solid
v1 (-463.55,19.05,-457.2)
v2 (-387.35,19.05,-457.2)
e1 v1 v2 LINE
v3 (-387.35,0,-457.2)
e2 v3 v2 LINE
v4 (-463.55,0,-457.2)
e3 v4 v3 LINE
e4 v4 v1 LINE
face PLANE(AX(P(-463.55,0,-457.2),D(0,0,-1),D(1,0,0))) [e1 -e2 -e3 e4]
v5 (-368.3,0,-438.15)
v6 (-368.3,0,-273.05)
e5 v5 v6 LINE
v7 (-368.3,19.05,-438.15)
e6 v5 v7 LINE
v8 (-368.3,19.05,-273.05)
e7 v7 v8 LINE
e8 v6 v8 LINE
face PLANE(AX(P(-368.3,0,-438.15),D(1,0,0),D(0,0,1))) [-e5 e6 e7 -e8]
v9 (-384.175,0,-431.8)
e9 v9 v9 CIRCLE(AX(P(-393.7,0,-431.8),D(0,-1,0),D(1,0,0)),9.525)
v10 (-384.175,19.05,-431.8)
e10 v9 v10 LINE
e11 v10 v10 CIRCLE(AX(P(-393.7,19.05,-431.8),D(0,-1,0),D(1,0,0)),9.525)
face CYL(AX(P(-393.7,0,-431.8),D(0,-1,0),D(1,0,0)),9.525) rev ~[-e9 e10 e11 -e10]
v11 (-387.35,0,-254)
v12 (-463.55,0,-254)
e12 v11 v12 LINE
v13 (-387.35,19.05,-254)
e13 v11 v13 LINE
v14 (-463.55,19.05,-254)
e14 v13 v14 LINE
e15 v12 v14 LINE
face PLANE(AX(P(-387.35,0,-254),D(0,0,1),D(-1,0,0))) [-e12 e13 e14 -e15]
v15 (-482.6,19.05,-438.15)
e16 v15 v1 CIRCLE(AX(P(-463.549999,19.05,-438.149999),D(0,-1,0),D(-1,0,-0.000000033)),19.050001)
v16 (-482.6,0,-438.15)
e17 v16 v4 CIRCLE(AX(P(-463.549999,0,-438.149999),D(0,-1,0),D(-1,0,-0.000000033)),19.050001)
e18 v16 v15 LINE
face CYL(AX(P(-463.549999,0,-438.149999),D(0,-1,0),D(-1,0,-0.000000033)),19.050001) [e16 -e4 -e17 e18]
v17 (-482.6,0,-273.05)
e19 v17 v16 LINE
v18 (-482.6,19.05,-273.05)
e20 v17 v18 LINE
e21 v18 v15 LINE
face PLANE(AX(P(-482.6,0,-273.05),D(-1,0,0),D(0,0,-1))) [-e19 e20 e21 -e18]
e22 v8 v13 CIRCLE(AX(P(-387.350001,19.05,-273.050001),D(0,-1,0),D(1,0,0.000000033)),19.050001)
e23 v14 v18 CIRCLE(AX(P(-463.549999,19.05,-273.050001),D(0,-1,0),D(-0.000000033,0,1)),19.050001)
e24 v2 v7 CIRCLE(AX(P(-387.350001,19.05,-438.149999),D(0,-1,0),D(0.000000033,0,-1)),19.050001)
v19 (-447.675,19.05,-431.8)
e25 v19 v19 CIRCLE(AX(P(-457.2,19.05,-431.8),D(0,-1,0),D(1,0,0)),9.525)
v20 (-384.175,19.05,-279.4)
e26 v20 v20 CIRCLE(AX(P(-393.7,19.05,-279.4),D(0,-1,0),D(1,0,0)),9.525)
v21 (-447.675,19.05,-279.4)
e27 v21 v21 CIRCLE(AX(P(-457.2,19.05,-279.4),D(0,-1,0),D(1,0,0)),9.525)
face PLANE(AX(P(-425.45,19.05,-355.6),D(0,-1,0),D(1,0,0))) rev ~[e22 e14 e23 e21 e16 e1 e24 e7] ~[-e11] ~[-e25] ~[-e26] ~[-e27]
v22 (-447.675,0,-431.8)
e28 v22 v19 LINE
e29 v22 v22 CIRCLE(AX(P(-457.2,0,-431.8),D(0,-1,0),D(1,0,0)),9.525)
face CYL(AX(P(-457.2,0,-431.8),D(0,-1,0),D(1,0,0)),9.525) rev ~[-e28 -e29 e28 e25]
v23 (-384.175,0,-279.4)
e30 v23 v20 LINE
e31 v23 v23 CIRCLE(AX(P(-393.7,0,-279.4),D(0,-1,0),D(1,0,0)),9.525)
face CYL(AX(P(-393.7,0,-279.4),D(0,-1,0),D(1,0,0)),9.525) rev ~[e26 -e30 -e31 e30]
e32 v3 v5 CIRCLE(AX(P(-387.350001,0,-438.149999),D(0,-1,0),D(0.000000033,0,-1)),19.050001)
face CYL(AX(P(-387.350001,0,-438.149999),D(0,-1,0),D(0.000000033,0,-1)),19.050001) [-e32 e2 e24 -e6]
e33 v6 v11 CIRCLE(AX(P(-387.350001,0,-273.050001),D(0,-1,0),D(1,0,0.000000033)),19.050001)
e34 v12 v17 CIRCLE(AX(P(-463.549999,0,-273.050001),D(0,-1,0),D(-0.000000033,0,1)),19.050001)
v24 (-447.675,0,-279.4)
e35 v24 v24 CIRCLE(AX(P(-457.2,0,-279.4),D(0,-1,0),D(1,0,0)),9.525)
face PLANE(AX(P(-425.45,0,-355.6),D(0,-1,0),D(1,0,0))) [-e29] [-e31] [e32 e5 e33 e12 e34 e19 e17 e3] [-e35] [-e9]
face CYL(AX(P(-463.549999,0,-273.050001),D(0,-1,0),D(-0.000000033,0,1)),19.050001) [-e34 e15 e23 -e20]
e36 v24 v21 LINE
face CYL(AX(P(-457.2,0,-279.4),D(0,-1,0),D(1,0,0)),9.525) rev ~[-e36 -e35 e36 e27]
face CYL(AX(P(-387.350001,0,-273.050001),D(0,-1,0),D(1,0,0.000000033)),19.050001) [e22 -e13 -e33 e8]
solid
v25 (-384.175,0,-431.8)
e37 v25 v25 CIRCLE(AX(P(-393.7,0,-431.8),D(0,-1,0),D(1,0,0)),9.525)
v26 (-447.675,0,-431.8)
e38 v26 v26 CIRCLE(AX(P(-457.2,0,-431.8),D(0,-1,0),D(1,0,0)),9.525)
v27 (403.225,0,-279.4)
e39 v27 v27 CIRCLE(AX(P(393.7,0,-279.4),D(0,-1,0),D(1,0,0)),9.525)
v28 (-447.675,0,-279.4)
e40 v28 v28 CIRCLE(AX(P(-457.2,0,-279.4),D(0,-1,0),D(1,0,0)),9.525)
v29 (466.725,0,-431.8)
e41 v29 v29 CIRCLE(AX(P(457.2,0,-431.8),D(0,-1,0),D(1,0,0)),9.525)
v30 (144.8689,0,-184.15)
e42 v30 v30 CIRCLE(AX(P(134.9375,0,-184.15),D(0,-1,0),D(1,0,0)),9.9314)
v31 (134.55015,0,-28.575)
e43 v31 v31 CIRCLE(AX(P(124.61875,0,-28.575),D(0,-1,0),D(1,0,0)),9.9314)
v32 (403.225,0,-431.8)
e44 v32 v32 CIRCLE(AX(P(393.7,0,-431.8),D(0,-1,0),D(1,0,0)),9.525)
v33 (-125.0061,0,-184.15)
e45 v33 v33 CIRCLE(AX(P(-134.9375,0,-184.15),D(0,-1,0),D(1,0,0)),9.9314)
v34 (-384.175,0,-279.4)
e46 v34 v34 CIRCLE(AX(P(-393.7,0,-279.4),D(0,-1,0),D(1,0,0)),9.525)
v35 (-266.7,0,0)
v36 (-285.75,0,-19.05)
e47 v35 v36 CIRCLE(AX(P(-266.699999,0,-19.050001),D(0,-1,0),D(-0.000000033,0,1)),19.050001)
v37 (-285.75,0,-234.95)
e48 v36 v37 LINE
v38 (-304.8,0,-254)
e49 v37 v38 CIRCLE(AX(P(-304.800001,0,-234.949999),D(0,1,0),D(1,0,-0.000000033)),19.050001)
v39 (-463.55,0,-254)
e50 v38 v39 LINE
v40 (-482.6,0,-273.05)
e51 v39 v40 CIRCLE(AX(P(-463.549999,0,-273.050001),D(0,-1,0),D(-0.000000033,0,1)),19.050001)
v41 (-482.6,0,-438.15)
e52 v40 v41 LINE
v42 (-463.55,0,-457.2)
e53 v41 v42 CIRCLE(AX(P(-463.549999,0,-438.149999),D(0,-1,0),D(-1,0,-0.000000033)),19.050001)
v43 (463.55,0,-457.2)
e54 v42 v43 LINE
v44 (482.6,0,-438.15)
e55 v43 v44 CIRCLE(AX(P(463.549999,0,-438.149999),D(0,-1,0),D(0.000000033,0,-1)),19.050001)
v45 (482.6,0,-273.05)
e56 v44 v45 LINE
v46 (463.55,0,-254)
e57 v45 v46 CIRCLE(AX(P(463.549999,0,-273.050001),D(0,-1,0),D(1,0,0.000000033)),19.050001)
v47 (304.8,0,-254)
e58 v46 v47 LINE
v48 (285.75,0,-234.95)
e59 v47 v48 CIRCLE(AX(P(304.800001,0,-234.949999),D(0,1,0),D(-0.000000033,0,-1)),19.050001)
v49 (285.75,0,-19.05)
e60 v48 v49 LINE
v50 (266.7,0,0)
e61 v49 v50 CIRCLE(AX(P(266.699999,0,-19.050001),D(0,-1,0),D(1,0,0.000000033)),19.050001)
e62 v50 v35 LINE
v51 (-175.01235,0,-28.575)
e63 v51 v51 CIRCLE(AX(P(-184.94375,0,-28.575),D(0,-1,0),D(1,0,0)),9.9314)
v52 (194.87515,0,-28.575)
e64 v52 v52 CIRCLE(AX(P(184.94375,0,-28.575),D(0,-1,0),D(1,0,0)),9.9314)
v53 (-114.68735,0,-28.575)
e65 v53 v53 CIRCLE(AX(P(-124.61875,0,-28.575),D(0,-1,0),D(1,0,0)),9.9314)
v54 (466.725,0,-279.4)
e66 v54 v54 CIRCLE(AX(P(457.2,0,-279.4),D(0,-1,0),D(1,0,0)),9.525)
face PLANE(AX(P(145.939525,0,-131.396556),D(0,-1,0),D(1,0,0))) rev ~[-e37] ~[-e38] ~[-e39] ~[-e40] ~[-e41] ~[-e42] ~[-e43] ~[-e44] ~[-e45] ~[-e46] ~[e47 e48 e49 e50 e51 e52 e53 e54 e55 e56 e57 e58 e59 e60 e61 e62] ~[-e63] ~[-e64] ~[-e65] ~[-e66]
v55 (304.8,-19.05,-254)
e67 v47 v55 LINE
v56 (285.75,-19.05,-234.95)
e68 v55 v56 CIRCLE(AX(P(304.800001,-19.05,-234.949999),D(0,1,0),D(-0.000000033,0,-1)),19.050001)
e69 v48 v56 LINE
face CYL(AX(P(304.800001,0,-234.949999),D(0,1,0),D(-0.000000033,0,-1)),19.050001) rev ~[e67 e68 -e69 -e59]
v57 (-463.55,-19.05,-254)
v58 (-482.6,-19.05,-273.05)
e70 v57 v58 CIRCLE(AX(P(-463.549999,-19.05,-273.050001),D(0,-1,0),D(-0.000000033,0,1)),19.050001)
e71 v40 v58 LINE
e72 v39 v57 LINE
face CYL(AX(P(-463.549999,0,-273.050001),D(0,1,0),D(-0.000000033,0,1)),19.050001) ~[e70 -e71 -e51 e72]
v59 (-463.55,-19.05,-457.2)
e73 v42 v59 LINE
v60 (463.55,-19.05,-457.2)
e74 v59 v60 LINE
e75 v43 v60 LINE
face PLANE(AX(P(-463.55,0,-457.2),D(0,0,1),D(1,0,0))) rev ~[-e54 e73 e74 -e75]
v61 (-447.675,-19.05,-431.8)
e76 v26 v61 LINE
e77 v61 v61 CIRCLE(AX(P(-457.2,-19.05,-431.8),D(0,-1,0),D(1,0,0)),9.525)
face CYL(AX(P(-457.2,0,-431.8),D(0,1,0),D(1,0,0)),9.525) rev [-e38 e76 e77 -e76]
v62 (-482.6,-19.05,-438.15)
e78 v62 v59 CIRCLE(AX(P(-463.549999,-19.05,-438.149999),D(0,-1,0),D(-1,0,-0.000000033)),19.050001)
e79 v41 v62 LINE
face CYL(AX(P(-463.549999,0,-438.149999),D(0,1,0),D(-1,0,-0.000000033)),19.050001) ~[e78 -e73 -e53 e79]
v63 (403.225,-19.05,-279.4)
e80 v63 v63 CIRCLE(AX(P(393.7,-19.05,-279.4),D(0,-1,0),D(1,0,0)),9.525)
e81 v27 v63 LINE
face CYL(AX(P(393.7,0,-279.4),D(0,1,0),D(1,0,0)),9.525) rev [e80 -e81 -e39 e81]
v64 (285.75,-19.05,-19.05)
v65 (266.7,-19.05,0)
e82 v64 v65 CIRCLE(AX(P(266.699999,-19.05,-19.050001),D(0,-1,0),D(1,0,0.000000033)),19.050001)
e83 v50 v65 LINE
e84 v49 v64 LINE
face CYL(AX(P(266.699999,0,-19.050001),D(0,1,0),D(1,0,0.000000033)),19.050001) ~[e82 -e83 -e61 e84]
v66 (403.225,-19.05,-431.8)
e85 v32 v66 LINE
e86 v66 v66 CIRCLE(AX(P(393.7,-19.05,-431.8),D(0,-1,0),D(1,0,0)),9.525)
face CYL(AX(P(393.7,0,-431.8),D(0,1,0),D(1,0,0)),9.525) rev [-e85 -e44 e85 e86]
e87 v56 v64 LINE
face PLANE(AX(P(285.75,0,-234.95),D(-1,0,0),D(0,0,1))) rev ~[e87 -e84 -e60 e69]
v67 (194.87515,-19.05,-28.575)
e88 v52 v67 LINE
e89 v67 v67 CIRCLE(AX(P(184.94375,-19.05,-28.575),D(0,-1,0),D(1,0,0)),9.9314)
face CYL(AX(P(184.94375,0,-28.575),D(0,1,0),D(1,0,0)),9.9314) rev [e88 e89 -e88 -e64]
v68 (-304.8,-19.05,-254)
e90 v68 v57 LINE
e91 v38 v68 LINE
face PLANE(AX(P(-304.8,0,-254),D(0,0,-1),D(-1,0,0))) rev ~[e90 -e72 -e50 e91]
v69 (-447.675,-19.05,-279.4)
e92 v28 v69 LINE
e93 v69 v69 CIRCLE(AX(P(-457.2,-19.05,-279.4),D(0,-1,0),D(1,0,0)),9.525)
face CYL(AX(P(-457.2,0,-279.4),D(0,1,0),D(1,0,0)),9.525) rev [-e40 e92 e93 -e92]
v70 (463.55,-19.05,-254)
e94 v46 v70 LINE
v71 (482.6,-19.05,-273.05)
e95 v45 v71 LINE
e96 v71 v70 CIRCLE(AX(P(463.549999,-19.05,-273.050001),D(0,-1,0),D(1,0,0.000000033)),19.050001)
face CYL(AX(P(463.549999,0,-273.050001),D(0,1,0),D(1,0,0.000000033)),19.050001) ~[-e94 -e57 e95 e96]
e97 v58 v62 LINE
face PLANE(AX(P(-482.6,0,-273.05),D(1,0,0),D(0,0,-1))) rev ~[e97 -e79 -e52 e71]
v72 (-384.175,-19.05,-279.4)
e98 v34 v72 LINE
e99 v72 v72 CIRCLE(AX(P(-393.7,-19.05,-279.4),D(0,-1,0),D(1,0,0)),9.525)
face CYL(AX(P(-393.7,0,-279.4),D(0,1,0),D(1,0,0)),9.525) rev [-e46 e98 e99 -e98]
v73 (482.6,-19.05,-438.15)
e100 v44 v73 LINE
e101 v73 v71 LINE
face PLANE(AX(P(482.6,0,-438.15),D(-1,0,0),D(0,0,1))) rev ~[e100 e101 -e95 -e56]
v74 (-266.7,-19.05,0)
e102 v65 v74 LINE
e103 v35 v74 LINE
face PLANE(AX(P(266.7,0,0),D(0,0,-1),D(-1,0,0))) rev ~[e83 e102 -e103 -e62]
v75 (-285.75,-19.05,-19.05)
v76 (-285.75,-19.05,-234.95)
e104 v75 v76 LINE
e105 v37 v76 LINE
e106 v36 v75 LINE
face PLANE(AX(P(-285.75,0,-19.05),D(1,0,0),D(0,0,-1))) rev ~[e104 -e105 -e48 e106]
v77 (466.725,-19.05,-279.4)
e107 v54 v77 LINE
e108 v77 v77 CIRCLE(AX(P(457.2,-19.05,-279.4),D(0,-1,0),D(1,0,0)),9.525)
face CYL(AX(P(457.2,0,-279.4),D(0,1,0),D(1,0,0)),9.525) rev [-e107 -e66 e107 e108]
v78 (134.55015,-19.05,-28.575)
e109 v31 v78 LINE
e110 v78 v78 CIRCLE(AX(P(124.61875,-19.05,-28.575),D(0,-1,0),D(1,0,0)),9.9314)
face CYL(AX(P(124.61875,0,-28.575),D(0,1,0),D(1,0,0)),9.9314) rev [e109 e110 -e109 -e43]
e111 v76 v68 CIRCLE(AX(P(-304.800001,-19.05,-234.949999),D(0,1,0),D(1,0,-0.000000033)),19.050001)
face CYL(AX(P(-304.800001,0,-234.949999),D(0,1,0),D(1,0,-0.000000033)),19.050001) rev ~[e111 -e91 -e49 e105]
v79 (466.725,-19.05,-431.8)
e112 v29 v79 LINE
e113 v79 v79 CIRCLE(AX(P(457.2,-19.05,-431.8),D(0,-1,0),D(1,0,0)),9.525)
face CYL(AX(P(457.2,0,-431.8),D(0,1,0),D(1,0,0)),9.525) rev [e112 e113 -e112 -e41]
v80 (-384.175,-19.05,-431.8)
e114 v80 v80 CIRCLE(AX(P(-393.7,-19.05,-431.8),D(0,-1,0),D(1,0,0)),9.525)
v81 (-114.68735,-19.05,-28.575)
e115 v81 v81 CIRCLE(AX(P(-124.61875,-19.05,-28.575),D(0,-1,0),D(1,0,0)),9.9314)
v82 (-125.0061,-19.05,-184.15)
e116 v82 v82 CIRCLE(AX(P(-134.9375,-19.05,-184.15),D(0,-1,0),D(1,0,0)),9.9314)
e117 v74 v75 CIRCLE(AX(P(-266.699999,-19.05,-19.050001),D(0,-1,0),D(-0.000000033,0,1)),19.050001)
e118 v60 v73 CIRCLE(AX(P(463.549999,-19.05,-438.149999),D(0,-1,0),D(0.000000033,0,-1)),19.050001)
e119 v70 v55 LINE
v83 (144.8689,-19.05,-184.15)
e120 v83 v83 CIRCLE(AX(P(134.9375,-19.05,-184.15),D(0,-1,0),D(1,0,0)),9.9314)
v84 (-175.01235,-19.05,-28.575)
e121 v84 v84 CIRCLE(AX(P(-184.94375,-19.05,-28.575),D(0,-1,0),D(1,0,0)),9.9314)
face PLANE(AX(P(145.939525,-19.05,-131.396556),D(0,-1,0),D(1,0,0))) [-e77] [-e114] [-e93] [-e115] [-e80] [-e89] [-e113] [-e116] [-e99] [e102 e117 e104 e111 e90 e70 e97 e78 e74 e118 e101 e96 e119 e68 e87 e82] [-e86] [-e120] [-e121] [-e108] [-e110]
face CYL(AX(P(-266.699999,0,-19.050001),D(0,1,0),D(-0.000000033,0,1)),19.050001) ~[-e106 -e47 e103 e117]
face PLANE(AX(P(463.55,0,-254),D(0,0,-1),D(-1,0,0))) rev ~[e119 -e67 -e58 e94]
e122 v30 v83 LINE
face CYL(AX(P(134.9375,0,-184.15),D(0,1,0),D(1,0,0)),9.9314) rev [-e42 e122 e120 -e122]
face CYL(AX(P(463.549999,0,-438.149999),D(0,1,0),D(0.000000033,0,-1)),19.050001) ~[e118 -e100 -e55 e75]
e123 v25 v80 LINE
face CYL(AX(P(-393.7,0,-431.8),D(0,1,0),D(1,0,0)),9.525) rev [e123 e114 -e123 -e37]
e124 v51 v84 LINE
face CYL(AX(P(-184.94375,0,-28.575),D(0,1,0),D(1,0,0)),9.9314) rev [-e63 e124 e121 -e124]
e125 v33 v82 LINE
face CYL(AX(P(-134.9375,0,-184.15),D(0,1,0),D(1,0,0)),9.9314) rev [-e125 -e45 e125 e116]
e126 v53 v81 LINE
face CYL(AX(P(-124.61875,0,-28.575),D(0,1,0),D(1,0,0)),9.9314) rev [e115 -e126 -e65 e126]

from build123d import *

# Parameters (mm, degrees)
F0_R     = 9.9314
F0_R_2   = 9.525
F1_DEPTH = 19.05
F2_R     = 9.525
F3_DEPTH = 19.05


with BuildPart() as f1:
    # F0 (on Front) → F1 (new body)
    with BuildSketch(Plane.XZ):
        with BuildLine():
            Line((266.7, 0), (0, 0))
            Line((0, 0), (0, -254))
            Line((0, -254), (304.8, -254))
            ThreePointArc((304.8, -254), (291.329616, -248.420384), (285.75, -234.95))
            Line((285.75, -234.95), (285.75, -19.05))
            ThreePointArc((285.75, -19.05), (280.170384, -5.579616), (266.7, 0))
        make_face()
        with Locations((134.9375, -184.15)):
            Circle(F0_R, mode=Mode.SUBTRACT)
        with Locations((124.61875, -28.575)):
            Circle(F0_R, mode=Mode.SUBTRACT)
        with Locations((184.94375, -28.575)):
            Circle(F0_R, mode=Mode.SUBTRACT)
        with BuildLine():
            ThreePointArc((-266.7, 0), (-280.170384, -5.579616), (-285.75, -19.05))
            Line((-285.75, -19.05), (-285.75, -234.95))
            ThreePointArc((-285.75, -234.95), (-291.329616, -248.420384), (-304.8, -254))
            Line((-304.8, -254), (0, -254))
            Line((0, -254), (0, 0))
            Line((0, 0), (-266.7, 0))
        make_face()
        with Locations((-134.9375, -184.15)):
            Circle(F0_R, mode=Mode.SUBTRACT)
        with Locations((-184.94375, -28.575)):
            Circle(F0_R, mode=Mode.SUBTRACT)
        with Locations((-124.61875, -28.575)):
            Circle(F0_R, mode=Mode.SUBTRACT)
        with BuildLine():
            Line((0, -254), (-304.8, -254))
            Line((-304.8, -254), (-463.55, -254))
            ThreePointArc((-463.55, -254), (-477.020384, -259.579616), (-482.6, -273.05))
            Line((-482.6, -273.05), (-482.6, -438.15))
            ThreePointArc((-482.6, -438.15), (-477.020384, -451.620384), (-463.55, -457.2))
            Line((-463.55, -457.2), (0, -457.2))
            Line((0, -457.2), (0, -254))
        make_face()
        with Locations((-457.2, -431.8)):
            Circle(F0_R_2, mode=Mode.SUBTRACT)
        with Locations((-393.7, -431.8)):
            Circle(F0_R_2, mode=Mode.SUBTRACT)
        with Locations((-457.2, -279.4)):
            Circle(F0_R_2, mode=Mode.SUBTRACT)
        with Locations((-393.7, -279.4)):
            Circle(F0_R_2, mode=Mode.SUBTRACT)
        with BuildLine():
            Line((304.8, -254), (0, -254))
            Line((0, -254), (0, -457.2))
            Line((0, -457.2), (463.55, -457.2))
            ThreePointArc((463.55, -457.2), (477.020384, -451.620384), (482.6, -438.15))
            Line((482.6, -438.15), (482.6, -273.05))
            ThreePointArc((482.6, -273.05), (477.020384, -259.579616), (463.55, -254))
            Line((463.55, -254), (304.8, -254))
        make_face()
        with Locations((393.7, -431.8)):
            Circle(F0_R_2, mode=Mode.SUBTRACT)
        with Locations((457.2, -431.8)):
            Circle(F0_R_2, mode=Mode.SUBTRACT)
        with Locations((393.7, -279.4)):
            Circle(F0_R_2, mode=Mode.SUBTRACT)
        with Locations((457.2, -279.4)):
            Circle(F0_R_2, mode=Mode.SUBTRACT)
    extrude(amount=F1_DEPTH)


with BuildPart() as f3:
    # F2 (on Front) → F3 (new body)
    with BuildSketch(Plane.XZ):
        with BuildLine():
            Line((-387.35, -254), (-425.45, -254))
            Line((-425.45, -254), (-463.55, -254))
            ThreePointArc((-463.55, -254), (-477.020384, -259.579616), (-482.6, -273.05))
            Line((-482.6, -273.05), (-482.6, -438.15))
            ThreePointArc((-482.6, -438.15), (-477.020384, -451.620384), (-463.55, -457.2))
            Line((-463.55, -457.2), (-425.45, -457.2))
            Line((-425.45, -457.2), (-387.35, -457.2))
            ThreePointArc((-387.35, -457.2), (-373.879616, -451.620384), (-368.3, -438.15))
            Line((-368.3, -438.15), (-368.3, -273.05))
            ThreePointArc((-368.3, -273.05), (-373.879616, -259.579616), (-387.35, -254))
        make_face()
        with Locations((-457.2, -431.8)):
            Circle(F2_R, mode=Mode.SUBTRACT)
        with Locations((-393.7, -431.8)):
            Circle(F2_R, mode=Mode.SUBTRACT)
        with Locations((-457.2, -279.4)):
            Circle(F2_R, mode=Mode.SUBTRACT)
        with Locations((-393.7, -279.4)):
            Circle(F2_R, mode=Mode.SUBTRACT)
    extrude(amount=-F3_DEPTH)


solid = Compound([f1.part, f3.part])
